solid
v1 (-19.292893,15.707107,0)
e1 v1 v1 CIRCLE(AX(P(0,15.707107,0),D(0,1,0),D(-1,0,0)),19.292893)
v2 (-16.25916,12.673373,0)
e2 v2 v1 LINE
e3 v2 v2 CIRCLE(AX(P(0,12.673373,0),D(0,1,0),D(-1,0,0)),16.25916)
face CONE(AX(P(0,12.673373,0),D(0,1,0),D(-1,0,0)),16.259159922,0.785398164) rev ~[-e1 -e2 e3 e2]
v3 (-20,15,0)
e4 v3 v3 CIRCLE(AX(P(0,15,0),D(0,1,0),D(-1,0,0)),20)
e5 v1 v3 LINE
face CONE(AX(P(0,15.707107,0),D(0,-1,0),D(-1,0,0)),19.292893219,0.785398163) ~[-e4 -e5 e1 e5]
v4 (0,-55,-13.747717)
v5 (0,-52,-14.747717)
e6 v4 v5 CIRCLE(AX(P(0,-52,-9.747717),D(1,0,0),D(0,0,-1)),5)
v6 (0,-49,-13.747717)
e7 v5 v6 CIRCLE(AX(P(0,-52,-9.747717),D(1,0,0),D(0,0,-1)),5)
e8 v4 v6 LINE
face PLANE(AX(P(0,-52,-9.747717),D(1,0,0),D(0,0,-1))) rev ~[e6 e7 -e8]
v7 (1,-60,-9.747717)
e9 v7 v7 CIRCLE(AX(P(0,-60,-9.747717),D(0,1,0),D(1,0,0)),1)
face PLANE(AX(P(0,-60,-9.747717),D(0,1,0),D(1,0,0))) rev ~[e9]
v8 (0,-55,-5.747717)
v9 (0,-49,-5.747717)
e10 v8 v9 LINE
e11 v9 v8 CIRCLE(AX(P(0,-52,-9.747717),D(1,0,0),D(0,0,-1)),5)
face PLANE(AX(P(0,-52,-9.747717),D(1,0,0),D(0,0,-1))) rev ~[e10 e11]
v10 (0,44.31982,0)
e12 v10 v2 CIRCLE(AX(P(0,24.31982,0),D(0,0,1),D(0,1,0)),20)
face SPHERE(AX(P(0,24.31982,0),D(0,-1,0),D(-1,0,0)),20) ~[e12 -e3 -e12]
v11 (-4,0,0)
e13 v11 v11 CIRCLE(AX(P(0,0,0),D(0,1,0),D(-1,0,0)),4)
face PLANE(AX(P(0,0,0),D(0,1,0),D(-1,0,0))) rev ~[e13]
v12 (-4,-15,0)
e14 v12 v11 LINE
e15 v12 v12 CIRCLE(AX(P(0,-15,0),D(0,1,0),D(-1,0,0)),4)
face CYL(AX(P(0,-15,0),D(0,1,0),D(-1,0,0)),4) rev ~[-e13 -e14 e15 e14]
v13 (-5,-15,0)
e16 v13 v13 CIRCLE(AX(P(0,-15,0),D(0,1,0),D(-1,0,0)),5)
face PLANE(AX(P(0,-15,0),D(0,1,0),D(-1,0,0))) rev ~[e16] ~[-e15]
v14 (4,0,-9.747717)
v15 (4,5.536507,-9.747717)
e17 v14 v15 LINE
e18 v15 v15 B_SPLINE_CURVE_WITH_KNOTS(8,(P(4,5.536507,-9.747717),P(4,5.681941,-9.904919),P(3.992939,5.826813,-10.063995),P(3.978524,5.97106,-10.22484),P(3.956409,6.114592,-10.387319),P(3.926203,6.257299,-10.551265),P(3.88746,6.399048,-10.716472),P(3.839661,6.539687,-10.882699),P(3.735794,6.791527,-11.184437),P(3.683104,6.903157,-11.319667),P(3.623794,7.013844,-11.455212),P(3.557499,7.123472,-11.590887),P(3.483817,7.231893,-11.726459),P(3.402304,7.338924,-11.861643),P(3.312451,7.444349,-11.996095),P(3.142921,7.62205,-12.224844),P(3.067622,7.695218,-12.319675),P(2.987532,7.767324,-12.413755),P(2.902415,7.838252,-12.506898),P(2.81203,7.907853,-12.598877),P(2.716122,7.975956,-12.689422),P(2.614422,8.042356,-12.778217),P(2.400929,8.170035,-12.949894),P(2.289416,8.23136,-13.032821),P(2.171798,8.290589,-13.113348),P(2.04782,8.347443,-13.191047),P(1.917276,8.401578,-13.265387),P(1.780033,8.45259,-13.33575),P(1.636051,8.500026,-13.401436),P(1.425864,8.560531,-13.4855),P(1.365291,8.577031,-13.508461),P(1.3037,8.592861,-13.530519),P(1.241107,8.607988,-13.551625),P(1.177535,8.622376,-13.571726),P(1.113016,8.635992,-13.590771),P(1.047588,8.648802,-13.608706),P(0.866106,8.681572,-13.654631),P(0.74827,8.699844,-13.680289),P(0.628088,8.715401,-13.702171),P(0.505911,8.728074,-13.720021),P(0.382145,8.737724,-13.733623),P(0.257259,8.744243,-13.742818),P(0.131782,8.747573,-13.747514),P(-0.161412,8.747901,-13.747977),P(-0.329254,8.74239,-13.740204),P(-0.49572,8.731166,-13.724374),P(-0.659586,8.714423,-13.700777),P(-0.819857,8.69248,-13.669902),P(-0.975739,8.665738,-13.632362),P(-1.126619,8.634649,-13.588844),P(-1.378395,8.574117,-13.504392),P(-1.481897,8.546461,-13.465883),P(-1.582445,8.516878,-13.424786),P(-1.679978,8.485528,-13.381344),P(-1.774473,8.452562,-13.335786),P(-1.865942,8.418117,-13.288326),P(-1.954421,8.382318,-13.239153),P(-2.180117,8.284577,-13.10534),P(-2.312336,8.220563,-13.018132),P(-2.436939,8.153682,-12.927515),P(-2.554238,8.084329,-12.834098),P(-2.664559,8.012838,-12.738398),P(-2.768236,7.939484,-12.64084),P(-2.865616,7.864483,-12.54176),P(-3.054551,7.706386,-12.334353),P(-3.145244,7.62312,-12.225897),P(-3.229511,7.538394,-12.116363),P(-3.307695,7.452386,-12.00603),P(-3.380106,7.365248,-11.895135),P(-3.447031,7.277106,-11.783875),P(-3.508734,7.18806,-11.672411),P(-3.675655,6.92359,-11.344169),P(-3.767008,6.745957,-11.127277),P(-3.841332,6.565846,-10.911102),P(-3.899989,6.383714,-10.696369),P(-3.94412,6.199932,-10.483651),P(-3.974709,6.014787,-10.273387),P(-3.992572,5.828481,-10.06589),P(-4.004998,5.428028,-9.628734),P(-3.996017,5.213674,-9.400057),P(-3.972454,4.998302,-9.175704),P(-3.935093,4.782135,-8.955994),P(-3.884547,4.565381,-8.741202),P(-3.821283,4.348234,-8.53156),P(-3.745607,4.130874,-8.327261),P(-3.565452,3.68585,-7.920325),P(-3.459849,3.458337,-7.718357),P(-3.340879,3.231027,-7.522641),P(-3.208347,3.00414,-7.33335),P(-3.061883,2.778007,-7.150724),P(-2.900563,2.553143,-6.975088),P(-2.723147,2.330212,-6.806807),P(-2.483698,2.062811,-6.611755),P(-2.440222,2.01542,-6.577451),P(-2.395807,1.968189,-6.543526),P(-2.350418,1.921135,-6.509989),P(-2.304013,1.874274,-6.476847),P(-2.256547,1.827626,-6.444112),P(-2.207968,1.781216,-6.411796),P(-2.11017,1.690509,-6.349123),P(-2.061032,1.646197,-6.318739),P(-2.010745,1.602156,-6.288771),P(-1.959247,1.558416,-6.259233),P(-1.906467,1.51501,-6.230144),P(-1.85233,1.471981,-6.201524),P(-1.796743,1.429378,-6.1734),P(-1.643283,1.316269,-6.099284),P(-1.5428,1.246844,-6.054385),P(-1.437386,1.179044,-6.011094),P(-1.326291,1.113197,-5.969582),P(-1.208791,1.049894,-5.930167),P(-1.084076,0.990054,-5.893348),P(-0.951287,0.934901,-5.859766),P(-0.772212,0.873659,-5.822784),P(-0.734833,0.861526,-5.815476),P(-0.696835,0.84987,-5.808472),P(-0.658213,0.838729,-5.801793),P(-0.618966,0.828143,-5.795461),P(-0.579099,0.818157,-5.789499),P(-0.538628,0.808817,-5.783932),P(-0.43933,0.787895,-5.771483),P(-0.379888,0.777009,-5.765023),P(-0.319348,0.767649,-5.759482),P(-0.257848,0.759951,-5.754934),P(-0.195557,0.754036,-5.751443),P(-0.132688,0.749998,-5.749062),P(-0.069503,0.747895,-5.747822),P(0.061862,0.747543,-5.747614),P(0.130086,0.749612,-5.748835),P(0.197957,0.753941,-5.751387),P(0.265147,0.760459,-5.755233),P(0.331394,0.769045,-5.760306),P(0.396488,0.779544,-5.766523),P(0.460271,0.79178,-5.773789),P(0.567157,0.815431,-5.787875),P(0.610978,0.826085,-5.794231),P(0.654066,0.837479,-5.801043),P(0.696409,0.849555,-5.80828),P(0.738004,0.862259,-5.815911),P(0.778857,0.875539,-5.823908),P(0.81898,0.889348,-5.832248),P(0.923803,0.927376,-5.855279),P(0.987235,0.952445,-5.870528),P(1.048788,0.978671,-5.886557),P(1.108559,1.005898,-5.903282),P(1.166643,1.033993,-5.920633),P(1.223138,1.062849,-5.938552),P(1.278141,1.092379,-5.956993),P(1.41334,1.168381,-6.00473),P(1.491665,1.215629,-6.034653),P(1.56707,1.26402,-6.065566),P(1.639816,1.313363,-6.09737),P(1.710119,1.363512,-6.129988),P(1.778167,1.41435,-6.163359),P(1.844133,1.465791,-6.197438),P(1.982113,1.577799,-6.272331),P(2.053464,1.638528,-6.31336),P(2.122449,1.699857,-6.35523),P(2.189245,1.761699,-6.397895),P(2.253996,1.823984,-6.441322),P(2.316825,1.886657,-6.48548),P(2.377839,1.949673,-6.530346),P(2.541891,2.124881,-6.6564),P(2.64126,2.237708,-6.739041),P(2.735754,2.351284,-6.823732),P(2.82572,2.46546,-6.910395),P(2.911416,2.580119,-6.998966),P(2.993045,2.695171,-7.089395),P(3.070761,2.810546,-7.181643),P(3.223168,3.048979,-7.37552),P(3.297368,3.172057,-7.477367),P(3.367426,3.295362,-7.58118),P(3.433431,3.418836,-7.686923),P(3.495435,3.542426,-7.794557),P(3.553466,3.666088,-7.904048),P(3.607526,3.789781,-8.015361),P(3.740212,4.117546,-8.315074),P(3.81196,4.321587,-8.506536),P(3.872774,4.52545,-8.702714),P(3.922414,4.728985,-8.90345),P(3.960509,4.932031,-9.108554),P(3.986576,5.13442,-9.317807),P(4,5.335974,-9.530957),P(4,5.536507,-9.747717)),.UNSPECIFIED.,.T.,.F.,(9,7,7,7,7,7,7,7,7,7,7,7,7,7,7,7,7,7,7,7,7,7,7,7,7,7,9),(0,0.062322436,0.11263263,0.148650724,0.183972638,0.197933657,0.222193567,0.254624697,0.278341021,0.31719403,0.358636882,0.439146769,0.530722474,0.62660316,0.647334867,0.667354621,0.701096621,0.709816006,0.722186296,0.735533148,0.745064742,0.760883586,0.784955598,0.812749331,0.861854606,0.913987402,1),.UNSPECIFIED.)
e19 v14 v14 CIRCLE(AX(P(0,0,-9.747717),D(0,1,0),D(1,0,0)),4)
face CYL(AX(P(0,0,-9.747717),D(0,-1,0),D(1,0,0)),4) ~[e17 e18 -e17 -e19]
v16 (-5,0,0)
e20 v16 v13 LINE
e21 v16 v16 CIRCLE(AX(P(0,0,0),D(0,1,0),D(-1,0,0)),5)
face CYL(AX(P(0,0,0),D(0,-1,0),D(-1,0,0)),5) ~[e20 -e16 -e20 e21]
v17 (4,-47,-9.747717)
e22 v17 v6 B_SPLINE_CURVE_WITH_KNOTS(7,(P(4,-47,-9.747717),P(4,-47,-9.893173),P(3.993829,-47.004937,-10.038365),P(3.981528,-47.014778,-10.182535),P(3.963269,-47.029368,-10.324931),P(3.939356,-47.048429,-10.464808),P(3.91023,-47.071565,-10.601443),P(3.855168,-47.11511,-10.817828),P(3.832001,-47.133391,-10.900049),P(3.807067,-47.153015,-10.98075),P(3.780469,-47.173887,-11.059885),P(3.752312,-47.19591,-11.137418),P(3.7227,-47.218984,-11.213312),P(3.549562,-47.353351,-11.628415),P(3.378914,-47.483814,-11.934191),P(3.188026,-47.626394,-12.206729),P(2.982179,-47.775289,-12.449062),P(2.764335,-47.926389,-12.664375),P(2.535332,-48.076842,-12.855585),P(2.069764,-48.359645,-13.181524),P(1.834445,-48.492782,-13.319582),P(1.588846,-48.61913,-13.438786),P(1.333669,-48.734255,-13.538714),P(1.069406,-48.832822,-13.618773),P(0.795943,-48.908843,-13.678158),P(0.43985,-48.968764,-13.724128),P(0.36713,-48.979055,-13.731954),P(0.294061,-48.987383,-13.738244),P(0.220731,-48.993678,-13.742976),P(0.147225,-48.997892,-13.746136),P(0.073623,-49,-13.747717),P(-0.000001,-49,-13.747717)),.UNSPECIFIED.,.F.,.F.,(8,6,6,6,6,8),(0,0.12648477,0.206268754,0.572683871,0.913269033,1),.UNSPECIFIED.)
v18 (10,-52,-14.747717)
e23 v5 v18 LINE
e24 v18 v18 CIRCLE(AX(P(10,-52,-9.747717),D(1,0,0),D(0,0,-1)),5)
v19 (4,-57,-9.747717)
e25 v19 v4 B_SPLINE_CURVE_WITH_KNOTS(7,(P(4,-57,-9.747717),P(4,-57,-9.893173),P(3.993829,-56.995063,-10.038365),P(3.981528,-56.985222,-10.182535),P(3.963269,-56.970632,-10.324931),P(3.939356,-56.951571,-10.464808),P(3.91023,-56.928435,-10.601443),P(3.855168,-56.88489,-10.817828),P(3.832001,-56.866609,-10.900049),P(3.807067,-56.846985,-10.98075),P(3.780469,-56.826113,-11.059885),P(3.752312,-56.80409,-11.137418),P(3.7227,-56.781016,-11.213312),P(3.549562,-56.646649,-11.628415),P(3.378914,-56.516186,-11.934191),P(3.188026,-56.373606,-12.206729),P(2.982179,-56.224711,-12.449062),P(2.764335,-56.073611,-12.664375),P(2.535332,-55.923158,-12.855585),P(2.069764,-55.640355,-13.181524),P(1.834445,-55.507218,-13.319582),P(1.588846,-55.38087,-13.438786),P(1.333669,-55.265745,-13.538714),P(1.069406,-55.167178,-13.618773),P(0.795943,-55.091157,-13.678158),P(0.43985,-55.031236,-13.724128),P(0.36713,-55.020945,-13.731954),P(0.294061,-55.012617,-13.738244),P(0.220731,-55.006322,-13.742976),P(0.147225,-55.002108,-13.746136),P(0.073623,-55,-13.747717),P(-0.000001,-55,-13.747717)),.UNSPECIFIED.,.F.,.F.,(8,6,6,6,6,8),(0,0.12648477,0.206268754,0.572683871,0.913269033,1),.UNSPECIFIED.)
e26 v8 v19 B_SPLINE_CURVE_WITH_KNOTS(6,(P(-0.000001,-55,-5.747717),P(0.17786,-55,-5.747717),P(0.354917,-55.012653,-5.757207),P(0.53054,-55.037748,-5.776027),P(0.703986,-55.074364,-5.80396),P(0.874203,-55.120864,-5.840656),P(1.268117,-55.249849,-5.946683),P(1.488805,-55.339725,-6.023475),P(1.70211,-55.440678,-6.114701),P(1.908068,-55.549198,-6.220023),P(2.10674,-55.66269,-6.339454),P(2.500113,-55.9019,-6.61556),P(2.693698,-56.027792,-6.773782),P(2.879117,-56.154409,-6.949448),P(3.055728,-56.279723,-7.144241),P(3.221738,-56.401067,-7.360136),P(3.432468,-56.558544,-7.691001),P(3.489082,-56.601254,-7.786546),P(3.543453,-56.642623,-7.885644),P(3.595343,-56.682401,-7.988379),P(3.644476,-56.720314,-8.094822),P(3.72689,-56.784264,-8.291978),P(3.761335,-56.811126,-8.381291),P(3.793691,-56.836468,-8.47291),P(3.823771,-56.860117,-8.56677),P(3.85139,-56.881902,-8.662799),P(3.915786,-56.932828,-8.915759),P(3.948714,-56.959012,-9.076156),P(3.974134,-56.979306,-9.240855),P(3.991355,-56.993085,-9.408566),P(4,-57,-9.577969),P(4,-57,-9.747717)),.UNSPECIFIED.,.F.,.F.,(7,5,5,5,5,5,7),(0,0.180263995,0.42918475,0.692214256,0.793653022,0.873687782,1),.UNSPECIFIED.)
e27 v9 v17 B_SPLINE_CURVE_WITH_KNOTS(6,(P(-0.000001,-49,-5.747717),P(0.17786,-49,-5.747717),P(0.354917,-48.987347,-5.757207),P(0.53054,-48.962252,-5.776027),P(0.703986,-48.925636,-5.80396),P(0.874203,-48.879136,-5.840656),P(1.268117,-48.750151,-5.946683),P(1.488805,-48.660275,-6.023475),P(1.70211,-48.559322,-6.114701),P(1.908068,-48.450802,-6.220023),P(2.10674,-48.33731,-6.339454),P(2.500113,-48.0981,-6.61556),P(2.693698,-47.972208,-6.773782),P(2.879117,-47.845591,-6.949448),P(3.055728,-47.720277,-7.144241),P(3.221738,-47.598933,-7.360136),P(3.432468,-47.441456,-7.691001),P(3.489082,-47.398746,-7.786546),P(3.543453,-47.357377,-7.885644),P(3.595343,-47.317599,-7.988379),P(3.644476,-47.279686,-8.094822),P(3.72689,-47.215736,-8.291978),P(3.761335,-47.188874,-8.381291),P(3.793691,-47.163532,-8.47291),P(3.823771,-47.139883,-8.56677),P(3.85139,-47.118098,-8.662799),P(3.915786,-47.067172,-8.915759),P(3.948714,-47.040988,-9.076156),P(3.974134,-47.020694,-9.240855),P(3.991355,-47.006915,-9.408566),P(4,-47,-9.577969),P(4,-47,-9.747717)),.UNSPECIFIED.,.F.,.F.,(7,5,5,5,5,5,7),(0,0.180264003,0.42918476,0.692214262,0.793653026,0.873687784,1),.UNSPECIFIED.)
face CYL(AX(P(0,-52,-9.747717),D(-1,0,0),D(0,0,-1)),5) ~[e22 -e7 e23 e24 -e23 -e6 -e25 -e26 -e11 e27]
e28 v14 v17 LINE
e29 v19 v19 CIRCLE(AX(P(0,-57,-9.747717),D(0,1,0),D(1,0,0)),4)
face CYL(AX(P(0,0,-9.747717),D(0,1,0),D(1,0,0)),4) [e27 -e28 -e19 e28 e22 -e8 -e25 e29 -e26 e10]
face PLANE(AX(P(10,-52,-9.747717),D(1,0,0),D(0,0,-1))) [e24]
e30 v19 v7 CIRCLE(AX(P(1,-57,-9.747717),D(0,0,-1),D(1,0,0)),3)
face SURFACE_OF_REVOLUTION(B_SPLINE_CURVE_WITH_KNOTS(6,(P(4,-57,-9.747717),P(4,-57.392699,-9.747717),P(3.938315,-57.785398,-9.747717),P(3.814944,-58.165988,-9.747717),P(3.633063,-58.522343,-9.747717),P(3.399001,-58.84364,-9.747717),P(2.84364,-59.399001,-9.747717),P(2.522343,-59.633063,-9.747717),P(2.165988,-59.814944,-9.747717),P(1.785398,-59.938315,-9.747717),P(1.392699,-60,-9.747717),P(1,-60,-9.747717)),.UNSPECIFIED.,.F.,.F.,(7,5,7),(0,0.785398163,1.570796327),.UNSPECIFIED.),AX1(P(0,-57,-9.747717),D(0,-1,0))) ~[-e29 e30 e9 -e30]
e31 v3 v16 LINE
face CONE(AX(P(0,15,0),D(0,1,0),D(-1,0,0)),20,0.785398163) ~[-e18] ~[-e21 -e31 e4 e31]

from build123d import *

# Parameters (mm, degrees)
BOSS_EXTRUDE1_REACH             = 46.32
SKETCH2_R                       = 4
BOSS_EXTRUDE1_DIRECTION_2_DEPTH = 60
FILLET1_R                       = 3
SKETCH3_R                       = 5
BOSS_EXTRUDE2_DEPTH             = 10


with BuildPart() as part:
    # Sketch1 → Revolve1 (revolve)
    with BuildSketch(Plane.XY):
        with BuildLine():
            Line((-5, 0), (-5, -15))
            Line((-5, -15), (-4, -15))
            Line((-4, -15), (-4, 0))
            Line((-4, 0), (0, 0))
            Line((0, 0), (0, 44.319820094))
            ThreePointArc((0, 44.319820094), (-17.789448167, 33.459597657), (-16.259159922, 12.673373485))
            Line((-16.259159922, 12.673373485), (-19.292893219, 15.707106781))
            Line((-19.292893219, 15.707106781), (-20, 15))
            Line((-20, 15), (-5, 0))
        make_face()
    revolve(axis=Axis((0, 0, 0), (0, 1, 0)))

    # Sketch2 → Boss-Extrude1 (add, up to next)
    with BuildSketch(Plane(origin=(0, 0, 0), x_dir=(1, 0, 0), z_dir=(0, 1, 0)), mode=Mode.PRIVATE) as boss_extrude1_sk1:
        with Locations((0, 9.747716973)):
            Circle(SKETCH2_R)
    boss_extrude1_tool1 = extrude(boss_extrude1_sk1.sketch, amount=BOSS_EXTRUDE1_REACH, mode=Mode.PRIVATE) - part.part
    add(boss_extrude1_tool1.solids().sort_by_distance((0, 0, -9.747717))[0])

    # Sketch2 → Boss-Extrude1 direction 2 (add)
    with BuildSketch(Plane(origin=(0, 0, 0), x_dir=(1, 0, 0), z_dir=(0, 1, 0))):
        with Locations((0, 9.747716973)):
            Circle(SKETCH2_R)
    extrude(amount=-BOSS_EXTRUDE1_DIRECTION_2_DEPTH)

    # Fillet1
    fillet1_edges = [part.edges().sort_by_distance(p)[0] for p in [
        (-4, -60, -9.747716973),
    ]]
    fillet(fillet1_edges, radius=FILLET1_R)

    # Sketch3 → Boss-Extrude2 (add)
    with BuildSketch(Plane(origin=(0, 0, 0), x_dir=(0, 0, -1), z_dir=(1, 0, 0))):
        with Locations((9.747716973, -52)):
            Circle(SKETCH3_R)
    extrude(amount=BOSS_EXTRUDE2_DEPTH)


solid = part.part
